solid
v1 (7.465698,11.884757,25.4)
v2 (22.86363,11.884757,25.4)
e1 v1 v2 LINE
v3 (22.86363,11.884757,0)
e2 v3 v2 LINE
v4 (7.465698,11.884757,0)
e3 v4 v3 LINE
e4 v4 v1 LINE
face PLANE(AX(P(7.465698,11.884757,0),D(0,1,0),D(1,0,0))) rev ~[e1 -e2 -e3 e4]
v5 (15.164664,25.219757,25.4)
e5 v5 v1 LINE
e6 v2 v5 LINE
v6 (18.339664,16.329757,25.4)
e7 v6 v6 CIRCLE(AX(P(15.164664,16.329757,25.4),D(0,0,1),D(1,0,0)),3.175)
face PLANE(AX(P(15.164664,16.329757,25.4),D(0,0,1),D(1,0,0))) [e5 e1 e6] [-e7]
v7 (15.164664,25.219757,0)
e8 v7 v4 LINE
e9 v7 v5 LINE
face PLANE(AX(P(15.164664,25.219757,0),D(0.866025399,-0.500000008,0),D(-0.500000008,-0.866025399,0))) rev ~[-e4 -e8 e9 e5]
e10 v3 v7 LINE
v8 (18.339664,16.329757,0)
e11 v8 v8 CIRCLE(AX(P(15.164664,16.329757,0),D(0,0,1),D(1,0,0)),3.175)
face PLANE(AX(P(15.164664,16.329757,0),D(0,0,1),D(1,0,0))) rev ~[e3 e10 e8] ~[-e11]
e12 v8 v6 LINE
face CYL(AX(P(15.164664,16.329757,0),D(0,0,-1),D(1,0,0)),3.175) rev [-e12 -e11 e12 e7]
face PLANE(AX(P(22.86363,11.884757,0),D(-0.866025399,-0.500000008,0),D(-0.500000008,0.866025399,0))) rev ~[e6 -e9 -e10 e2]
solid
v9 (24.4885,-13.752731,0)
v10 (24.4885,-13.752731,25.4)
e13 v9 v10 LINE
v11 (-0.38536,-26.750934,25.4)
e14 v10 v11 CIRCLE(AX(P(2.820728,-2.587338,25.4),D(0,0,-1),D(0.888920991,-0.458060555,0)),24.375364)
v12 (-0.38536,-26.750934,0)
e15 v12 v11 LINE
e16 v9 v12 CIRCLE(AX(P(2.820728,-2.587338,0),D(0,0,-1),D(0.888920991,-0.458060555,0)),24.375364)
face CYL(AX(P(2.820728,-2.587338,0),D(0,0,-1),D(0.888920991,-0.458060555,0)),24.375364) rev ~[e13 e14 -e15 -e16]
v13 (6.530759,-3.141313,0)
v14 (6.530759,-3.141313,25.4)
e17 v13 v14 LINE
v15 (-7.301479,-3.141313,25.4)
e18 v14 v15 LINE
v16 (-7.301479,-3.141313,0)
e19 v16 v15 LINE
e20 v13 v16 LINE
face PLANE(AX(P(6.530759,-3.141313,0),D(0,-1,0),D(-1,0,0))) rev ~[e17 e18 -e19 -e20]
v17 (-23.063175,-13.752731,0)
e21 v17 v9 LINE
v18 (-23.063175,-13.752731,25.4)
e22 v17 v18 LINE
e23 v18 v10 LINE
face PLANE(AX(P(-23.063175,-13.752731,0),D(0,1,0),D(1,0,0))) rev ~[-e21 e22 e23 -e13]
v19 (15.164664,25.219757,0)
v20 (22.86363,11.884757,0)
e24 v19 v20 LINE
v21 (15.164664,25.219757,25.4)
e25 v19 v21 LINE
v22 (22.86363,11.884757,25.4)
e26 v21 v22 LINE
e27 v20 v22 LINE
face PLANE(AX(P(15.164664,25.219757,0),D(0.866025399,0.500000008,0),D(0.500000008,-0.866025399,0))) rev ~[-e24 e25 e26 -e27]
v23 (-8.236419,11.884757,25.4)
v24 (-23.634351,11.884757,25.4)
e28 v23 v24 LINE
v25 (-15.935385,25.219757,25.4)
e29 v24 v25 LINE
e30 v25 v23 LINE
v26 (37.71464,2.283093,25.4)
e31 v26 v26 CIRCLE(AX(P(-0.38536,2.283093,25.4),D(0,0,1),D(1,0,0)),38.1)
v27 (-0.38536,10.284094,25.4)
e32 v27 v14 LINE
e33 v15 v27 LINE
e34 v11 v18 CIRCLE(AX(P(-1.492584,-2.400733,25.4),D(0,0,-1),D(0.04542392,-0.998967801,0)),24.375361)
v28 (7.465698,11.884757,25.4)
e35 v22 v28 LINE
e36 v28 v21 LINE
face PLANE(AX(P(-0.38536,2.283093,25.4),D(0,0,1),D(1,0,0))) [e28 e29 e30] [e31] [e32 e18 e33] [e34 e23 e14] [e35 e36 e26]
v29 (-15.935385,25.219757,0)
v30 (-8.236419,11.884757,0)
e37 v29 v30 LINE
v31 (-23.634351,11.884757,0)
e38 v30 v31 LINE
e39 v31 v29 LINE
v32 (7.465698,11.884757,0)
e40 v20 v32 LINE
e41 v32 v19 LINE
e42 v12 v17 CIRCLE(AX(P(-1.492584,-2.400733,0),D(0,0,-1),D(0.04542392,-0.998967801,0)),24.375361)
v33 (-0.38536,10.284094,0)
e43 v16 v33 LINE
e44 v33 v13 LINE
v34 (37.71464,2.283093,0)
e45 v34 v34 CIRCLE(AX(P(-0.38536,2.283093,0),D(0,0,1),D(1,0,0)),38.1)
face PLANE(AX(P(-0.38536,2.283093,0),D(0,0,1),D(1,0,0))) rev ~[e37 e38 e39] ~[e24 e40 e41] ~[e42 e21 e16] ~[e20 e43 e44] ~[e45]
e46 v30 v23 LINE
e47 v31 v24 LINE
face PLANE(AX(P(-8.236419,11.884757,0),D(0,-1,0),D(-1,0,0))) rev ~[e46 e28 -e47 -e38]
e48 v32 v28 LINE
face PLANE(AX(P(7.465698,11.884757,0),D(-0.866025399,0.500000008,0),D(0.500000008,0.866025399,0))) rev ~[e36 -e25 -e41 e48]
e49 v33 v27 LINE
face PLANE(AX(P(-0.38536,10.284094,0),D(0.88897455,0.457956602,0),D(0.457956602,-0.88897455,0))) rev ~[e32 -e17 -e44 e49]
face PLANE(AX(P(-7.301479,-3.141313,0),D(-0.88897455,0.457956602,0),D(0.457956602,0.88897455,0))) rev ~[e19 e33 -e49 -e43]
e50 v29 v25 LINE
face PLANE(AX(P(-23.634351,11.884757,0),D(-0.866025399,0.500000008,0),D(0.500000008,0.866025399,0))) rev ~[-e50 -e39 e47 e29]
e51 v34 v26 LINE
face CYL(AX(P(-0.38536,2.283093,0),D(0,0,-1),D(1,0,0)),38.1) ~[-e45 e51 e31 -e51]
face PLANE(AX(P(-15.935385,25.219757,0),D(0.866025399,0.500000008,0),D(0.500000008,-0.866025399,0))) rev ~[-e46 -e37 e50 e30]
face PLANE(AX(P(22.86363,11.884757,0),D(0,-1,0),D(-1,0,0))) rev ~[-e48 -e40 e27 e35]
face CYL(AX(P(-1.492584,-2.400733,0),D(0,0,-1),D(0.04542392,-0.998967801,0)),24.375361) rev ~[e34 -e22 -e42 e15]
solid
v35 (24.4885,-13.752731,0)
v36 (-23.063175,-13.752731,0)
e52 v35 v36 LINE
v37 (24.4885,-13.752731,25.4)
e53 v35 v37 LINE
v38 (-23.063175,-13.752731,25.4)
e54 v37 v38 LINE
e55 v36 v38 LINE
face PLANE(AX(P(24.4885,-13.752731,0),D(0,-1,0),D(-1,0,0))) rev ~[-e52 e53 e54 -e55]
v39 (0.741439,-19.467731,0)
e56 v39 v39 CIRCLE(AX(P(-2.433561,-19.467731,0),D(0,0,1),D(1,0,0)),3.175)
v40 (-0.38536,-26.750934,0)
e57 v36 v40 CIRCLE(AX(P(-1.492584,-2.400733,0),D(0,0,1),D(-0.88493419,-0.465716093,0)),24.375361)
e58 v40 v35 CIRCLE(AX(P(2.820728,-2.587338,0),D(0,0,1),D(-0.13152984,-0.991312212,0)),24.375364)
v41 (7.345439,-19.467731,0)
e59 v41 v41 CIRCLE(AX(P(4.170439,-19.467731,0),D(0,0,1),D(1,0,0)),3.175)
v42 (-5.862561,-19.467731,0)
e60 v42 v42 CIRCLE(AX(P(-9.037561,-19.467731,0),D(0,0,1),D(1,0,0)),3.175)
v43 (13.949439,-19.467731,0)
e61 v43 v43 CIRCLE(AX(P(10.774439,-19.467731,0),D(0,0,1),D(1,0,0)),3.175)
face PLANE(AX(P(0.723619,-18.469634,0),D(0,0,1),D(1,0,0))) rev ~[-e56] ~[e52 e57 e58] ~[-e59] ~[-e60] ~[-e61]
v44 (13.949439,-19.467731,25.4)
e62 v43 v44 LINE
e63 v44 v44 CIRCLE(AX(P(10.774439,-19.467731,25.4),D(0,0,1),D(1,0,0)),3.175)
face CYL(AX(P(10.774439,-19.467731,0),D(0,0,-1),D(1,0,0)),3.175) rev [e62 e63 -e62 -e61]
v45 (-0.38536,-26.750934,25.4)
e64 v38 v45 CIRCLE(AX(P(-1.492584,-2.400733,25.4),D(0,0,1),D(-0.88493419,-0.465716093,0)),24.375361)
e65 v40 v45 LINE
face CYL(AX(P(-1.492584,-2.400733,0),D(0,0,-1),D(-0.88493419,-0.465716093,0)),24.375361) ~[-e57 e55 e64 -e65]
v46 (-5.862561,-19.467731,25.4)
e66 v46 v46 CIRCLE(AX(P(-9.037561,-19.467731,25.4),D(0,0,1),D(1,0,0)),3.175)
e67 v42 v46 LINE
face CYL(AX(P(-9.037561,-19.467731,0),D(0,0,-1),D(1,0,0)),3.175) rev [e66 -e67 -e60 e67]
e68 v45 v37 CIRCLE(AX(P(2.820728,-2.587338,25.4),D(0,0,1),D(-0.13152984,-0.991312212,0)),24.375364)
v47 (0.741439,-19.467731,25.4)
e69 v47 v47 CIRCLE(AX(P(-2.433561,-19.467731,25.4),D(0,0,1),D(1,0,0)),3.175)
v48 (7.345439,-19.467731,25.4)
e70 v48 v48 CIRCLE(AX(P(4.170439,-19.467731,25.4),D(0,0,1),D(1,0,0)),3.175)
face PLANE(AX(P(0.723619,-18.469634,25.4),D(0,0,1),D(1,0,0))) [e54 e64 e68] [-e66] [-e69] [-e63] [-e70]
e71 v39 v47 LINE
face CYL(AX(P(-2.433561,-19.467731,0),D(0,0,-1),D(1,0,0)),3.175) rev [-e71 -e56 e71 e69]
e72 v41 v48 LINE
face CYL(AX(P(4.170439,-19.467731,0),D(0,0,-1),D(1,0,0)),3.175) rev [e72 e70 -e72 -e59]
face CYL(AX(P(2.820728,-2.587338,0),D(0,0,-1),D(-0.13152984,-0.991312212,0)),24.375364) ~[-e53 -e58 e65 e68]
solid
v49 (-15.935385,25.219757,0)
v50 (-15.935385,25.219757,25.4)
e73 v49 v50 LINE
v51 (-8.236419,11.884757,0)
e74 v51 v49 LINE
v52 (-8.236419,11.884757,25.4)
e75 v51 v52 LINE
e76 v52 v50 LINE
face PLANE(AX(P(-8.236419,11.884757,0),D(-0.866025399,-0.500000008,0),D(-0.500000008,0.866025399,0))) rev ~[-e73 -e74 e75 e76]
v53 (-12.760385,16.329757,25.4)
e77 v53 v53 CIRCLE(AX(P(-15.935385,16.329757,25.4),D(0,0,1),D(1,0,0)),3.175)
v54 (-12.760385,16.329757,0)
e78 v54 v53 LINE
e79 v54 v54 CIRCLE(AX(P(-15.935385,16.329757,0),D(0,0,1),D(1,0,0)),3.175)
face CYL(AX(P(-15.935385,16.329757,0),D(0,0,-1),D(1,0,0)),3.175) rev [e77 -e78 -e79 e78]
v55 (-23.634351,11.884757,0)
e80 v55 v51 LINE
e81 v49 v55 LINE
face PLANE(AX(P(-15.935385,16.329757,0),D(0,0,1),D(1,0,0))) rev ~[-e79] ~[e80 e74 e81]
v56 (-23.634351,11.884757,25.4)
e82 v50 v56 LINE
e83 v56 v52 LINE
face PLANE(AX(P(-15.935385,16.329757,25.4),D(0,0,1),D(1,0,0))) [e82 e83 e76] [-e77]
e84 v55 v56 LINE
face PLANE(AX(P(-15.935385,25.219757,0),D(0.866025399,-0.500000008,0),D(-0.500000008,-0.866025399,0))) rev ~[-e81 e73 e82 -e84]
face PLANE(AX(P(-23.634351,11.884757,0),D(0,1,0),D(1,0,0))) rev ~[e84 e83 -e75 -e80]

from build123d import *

# Parameters (mm, degrees)
F0_R     = 38.1
F1_DEPTH = 25.4
F0_R_2   = 3.175
F2_DEPTH = 25.4
F3_DEPTH = 25.4
F4_DEPTH = 25.4


with BuildPart() as f1:
    # F0 (on Top) → F1 (new body)
    with BuildSketch(Plane.XY):
        with Locations((-0.38536, 2.283093)):
            Circle(F0_R)
        with BuildLine():
            ThreePointArc((-0.38536, -26.750934), (-13.613874, -23.548607), (-23.063175, -13.752731))
            Line((-23.063175, -13.752731), (24.4885, -13.752731))
            ThreePointArc((24.4885, -13.752731), (14.10996, -24.190847), (-0.38536, -26.750934))
        make_face(mode=Mode.SUBTRACT)
        Polygon((-23.634351, 11.884757), (-15.935385, 25.219757), (-8.236419, 11.884757), align=None, mode=Mode.SUBTRACT)
        Polygon((-7.301479, -3.141313), (-0.38536, 10.284094), (6.530759, -3.141313), align=None, mode=Mode.SUBTRACT)
        Polygon((7.465698, 11.884757), (15.164664, 25.219757), (22.86363, 11.884757), align=None, mode=Mode.SUBTRACT)
    extrude(amount=F1_DEPTH)


with BuildPart() as f2:
    # F0 (on Top) → F2 (new body)
    with BuildSketch(Plane.XY):
        Polygon((-8.236419, 11.884757), (-15.935385, 25.219757), (-23.634351, 11.884757), align=None)
        with Locations((-15.935385, 16.329757)):
            Circle(F0_R_2, mode=Mode.SUBTRACT)
    extrude(amount=F2_DEPTH)


with BuildPart() as f3:
    # F0 (on Top) → F3 (new body)
    with BuildSketch(Plane.XY):
        Polygon((22.86363, 11.884757), (15.164664, 25.219757), (7.465698, 11.884757), align=None)
        with Locations((15.164664, 16.329757)):
            Circle(F0_R_2, mode=Mode.SUBTRACT)
    extrude(amount=F3_DEPTH)


with BuildPart() as f4:
    # F0 (on Top) → F4 (new body)
    with BuildSketch(Plane.XY):
        with BuildLine():
            Line((24.4885, -13.752731), (-23.063175, -13.752731))
            ThreePointArc((-23.063175, -13.752731), (-13.613874, -23.548607), (-0.38536, -26.750934))
            ThreePointArc((-0.38536, -26.750934), (14.10996, -24.190847), (24.4885, -13.752731))
        make_face()
        with Locations((-9.037561, -19.467731)):
            Circle(F0_R_2, mode=Mode.SUBTRACT)
        with Locations((-2.433561, -19.467731)):
            Circle(F0_R_2, mode=Mode.SUBTRACT)
        with Locations((4.170439, -19.467731)):
            Circle(F0_R_2, mode=Mode.SUBTRACT)
        with Locations((10.774439, -19.467731)):
            Circle(F0_R_2, mode=Mode.SUBTRACT)
    extrude(amount=F4_DEPTH)


solid = Compound([f1.part, f2.part, f3.part, f4.part])
